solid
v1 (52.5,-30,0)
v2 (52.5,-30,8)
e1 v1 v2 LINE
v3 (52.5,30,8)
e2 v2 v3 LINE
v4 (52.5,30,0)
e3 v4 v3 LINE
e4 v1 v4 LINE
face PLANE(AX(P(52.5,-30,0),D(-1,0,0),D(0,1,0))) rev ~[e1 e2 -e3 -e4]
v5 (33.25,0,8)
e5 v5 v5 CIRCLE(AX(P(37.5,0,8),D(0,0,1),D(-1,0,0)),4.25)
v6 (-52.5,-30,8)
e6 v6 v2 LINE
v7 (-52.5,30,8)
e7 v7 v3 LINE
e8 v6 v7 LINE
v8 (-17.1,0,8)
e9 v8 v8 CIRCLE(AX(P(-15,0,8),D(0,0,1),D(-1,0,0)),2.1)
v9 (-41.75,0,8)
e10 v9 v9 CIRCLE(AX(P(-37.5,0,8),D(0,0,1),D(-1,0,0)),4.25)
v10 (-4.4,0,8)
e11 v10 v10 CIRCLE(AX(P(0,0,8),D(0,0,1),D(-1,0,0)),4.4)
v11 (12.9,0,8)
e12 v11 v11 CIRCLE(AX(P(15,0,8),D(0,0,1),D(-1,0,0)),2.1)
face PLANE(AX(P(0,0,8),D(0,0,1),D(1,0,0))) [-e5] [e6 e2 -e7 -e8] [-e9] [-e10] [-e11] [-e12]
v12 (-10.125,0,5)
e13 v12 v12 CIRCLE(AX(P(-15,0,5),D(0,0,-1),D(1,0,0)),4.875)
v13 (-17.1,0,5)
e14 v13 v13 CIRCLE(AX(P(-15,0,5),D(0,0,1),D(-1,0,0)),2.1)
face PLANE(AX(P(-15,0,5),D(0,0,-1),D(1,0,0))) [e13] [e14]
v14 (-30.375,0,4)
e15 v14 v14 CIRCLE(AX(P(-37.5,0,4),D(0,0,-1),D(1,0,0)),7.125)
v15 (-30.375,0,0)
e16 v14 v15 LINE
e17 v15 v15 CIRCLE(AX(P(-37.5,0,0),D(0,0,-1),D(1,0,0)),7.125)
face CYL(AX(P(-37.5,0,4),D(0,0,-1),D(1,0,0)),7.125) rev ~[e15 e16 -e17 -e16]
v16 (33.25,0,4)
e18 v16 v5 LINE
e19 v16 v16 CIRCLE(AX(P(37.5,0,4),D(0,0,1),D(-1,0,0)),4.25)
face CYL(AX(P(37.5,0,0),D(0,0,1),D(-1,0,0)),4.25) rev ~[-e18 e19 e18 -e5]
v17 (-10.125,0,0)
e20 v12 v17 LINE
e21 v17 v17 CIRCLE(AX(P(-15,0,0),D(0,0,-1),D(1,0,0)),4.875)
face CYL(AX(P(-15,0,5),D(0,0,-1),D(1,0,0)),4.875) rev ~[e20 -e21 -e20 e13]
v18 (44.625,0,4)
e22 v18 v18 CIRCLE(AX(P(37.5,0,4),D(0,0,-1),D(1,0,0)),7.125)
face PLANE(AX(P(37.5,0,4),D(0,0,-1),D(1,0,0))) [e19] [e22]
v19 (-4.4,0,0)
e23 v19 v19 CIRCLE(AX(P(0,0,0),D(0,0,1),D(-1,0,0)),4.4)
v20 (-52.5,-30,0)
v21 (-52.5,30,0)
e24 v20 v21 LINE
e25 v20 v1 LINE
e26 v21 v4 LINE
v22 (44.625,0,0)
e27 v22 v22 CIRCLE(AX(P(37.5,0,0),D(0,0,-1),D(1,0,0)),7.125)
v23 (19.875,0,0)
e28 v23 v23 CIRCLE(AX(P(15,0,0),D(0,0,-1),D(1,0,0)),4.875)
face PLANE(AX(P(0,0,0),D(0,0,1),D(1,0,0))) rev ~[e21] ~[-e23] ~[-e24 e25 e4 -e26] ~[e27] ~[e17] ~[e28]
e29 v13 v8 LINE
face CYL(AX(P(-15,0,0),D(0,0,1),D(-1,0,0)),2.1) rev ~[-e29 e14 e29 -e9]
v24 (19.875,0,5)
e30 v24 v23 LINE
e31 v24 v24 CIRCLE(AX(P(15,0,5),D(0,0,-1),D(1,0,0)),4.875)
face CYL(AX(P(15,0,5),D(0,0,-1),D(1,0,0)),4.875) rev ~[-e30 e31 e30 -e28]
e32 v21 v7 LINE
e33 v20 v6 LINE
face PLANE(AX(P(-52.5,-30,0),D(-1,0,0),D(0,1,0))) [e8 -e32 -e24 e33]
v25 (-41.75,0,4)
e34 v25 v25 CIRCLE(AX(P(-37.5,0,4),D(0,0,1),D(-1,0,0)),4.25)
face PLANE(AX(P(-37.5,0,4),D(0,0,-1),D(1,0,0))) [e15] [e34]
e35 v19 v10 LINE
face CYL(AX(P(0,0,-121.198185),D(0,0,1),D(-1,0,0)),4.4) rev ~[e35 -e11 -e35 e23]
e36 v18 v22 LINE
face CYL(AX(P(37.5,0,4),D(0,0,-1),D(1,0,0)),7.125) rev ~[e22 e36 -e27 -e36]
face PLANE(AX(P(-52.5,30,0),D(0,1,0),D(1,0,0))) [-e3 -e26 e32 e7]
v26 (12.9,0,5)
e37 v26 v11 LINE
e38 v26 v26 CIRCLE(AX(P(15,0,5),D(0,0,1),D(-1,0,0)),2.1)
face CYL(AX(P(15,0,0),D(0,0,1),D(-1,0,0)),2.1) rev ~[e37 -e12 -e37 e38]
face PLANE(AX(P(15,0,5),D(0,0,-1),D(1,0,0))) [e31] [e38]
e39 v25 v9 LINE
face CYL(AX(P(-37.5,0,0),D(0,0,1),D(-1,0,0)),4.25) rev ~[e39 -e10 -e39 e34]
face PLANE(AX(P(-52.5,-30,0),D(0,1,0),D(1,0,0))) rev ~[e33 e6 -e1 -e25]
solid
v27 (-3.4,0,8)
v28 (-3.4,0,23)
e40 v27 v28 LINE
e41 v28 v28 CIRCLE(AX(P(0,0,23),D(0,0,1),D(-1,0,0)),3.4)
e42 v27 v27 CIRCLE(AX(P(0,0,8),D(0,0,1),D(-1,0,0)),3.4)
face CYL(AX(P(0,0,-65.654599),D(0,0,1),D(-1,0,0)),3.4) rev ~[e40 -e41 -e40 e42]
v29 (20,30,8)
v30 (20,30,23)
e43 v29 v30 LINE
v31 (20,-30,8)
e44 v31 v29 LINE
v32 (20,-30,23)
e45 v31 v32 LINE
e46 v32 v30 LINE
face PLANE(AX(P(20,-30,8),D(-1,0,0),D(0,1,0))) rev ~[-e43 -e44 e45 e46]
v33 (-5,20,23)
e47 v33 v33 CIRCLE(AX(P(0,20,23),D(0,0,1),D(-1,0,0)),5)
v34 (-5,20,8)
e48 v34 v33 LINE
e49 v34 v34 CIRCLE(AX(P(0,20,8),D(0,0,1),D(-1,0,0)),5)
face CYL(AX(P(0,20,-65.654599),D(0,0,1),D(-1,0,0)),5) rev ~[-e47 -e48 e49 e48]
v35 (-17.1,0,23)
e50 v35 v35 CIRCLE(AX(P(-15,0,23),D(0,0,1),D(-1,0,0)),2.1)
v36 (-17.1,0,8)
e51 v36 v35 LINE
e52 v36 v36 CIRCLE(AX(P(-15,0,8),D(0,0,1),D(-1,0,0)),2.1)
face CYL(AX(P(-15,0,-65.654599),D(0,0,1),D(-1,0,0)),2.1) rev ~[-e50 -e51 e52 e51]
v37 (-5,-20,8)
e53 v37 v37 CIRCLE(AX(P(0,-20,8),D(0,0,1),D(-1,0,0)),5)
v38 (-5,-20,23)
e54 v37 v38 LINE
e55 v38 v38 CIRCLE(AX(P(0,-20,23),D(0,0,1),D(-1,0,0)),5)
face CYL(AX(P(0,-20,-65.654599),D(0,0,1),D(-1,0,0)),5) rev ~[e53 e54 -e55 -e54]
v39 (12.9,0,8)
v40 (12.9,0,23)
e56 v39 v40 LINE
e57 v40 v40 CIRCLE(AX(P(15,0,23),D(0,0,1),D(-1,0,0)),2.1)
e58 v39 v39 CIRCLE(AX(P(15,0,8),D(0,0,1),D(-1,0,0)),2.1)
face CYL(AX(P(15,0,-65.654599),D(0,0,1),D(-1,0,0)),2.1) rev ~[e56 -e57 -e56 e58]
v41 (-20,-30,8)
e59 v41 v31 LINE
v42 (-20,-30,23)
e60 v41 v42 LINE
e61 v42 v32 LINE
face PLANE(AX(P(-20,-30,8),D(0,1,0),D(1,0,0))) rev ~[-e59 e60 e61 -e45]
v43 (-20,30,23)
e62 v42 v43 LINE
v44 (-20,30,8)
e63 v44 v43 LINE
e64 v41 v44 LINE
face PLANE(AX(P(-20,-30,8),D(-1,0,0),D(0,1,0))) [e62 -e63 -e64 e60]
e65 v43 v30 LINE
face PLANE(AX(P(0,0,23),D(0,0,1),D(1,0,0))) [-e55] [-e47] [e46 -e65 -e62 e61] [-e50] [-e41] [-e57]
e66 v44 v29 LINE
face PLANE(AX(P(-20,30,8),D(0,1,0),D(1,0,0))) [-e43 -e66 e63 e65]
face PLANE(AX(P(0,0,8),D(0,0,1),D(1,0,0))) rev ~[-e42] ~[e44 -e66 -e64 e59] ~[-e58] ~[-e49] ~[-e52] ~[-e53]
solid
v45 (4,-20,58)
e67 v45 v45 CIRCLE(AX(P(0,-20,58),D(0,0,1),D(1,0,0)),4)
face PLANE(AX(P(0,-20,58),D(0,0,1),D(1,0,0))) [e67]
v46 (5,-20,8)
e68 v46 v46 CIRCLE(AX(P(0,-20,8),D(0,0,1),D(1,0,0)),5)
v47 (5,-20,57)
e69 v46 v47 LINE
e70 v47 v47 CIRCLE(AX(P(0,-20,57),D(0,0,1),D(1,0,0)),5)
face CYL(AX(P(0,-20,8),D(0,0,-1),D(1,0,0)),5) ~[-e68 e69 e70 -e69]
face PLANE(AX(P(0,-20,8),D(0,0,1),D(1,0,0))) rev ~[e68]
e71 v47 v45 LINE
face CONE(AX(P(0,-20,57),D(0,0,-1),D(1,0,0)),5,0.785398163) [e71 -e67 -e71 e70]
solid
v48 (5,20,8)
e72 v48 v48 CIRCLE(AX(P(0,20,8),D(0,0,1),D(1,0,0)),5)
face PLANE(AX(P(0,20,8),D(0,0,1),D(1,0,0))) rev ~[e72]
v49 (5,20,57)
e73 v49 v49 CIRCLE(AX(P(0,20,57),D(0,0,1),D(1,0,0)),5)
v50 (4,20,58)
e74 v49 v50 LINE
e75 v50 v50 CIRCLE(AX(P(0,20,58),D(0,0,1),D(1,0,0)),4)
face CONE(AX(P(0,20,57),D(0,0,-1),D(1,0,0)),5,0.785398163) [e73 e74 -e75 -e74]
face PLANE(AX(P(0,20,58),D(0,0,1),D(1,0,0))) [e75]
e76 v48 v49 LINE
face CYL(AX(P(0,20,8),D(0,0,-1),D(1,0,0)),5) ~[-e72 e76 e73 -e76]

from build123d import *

# Parameters (mm, degrees)
F0_W           = 105
F0_H           = 60
F1_DEPTH       = 8
F2_D           = 8.5
F2_CBORE_D     = 14.25
F2_CBORE_DEPTH = 4
F3_D           = 8.8
F4_D           = 4.2
F4_CBORE_D     = 9.75
F4_CBORE_DEPTH = 5
F5_W           = 40
F5_H           = 60
F6_DEPTH       = 15
F7_D           = 10
F8_D           = 4.2
F9_D           = 6.8
F10_R          = 5
F11_DEPTH      = 50
F12_SIZE       = 1
F12_2_SIZE     = 1


with BuildPart() as f1:
    # F0 (on Top) → F1 (new body)
    with BuildSketch(Plane.XY):
        Rectangle(F0_W, F0_H)
    extrude(amount=F1_DEPTH)

    # F2 (through all)
    with Locations(Plane(origin=(0, 0, 0), x_dir=(1, 0, 0), z_dir=(0, 0, -1))):
        with Locations((-37.5, 0), (37.5, 0)):
            CounterBoreHole(F2_D / 2, F2_CBORE_D / 2, F2_CBORE_DEPTH)

    # F3 (through all)
    with Locations(Plane(origin=(0, 0, 0), x_dir=(1, 0, 0), z_dir=(0, 0, -1))):
        with Locations((0, 0)):
            Hole(F3_D / 2)

    # F4 (through all)
    with Locations(Plane(origin=(0, 0, 0), x_dir=(1, 0, 0), z_dir=(0, 0, -1))):
        with Locations((-15, 0), (15, 0)):
            CounterBoreHole(F4_D / 2, F4_CBORE_D / 2, F4_CBORE_DEPTH)


with BuildPart() as f6:
    # F5 (on face) → F6 (new body)
    with BuildSketch(Plane.XY.offset(8)):
        Rectangle(F5_W, F5_H)
    extrude(amount=F6_DEPTH)

    # F7 (through all)
    with Locations(Plane(origin=(0, 0, 8), x_dir=(1, 0, 0), z_dir=(0, 0, -1))):
        with Locations((0, -20), (0, 20)):
            Hole(F7_D / 2)

    # F8 (through all)
    with Locations(Plane(origin=(0, 0, 8), x_dir=(1, 0, 0), z_dir=(0, 0, -1))):
        with Locations((-15, 0), (15, 0)):
            Hole(F8_D / 2)

    # F9 (through all)
    with Locations(Plane(origin=(0, 0, 8), x_dir=(1, 0, 0), z_dir=(0, 0, -1))):
        with Locations((0, 0)):
            Hole(F9_D / 2)


with BuildPart() as f11:
    # F10 (on face) → F11 (new body)
    with BuildSketch(Plane.XY.offset(8)):
        with Locations((0, -20)):
            Circle(F10_R)
    extrude(amount=F11_DEPTH)

    # F12
    f12_edges = [f11.edges().sort_by_distance(p)[0] for p in [
        (-5, -20, 58),
    ]]
    chamfer(f12_edges, length=F12_SIZE)


with BuildPart() as f11b:
    # F10 (on face) → F11, piece 2 (new body)
    with BuildSketch(Plane.XY.offset(8)):
        with Locations((0, 20)):
            Circle(F10_R)
    extrude(amount=F11_DEPTH)

    # F12#2
    f12_2_edges = [f11b.edges().sort_by_distance(p)[0] for p in [
        (-5, 20, 58),
    ]]
    chamfer(f12_2_edges, length=F12_2_SIZE)


solid = Compound([f1.part, f6.part, f11.part, f11b.part])
